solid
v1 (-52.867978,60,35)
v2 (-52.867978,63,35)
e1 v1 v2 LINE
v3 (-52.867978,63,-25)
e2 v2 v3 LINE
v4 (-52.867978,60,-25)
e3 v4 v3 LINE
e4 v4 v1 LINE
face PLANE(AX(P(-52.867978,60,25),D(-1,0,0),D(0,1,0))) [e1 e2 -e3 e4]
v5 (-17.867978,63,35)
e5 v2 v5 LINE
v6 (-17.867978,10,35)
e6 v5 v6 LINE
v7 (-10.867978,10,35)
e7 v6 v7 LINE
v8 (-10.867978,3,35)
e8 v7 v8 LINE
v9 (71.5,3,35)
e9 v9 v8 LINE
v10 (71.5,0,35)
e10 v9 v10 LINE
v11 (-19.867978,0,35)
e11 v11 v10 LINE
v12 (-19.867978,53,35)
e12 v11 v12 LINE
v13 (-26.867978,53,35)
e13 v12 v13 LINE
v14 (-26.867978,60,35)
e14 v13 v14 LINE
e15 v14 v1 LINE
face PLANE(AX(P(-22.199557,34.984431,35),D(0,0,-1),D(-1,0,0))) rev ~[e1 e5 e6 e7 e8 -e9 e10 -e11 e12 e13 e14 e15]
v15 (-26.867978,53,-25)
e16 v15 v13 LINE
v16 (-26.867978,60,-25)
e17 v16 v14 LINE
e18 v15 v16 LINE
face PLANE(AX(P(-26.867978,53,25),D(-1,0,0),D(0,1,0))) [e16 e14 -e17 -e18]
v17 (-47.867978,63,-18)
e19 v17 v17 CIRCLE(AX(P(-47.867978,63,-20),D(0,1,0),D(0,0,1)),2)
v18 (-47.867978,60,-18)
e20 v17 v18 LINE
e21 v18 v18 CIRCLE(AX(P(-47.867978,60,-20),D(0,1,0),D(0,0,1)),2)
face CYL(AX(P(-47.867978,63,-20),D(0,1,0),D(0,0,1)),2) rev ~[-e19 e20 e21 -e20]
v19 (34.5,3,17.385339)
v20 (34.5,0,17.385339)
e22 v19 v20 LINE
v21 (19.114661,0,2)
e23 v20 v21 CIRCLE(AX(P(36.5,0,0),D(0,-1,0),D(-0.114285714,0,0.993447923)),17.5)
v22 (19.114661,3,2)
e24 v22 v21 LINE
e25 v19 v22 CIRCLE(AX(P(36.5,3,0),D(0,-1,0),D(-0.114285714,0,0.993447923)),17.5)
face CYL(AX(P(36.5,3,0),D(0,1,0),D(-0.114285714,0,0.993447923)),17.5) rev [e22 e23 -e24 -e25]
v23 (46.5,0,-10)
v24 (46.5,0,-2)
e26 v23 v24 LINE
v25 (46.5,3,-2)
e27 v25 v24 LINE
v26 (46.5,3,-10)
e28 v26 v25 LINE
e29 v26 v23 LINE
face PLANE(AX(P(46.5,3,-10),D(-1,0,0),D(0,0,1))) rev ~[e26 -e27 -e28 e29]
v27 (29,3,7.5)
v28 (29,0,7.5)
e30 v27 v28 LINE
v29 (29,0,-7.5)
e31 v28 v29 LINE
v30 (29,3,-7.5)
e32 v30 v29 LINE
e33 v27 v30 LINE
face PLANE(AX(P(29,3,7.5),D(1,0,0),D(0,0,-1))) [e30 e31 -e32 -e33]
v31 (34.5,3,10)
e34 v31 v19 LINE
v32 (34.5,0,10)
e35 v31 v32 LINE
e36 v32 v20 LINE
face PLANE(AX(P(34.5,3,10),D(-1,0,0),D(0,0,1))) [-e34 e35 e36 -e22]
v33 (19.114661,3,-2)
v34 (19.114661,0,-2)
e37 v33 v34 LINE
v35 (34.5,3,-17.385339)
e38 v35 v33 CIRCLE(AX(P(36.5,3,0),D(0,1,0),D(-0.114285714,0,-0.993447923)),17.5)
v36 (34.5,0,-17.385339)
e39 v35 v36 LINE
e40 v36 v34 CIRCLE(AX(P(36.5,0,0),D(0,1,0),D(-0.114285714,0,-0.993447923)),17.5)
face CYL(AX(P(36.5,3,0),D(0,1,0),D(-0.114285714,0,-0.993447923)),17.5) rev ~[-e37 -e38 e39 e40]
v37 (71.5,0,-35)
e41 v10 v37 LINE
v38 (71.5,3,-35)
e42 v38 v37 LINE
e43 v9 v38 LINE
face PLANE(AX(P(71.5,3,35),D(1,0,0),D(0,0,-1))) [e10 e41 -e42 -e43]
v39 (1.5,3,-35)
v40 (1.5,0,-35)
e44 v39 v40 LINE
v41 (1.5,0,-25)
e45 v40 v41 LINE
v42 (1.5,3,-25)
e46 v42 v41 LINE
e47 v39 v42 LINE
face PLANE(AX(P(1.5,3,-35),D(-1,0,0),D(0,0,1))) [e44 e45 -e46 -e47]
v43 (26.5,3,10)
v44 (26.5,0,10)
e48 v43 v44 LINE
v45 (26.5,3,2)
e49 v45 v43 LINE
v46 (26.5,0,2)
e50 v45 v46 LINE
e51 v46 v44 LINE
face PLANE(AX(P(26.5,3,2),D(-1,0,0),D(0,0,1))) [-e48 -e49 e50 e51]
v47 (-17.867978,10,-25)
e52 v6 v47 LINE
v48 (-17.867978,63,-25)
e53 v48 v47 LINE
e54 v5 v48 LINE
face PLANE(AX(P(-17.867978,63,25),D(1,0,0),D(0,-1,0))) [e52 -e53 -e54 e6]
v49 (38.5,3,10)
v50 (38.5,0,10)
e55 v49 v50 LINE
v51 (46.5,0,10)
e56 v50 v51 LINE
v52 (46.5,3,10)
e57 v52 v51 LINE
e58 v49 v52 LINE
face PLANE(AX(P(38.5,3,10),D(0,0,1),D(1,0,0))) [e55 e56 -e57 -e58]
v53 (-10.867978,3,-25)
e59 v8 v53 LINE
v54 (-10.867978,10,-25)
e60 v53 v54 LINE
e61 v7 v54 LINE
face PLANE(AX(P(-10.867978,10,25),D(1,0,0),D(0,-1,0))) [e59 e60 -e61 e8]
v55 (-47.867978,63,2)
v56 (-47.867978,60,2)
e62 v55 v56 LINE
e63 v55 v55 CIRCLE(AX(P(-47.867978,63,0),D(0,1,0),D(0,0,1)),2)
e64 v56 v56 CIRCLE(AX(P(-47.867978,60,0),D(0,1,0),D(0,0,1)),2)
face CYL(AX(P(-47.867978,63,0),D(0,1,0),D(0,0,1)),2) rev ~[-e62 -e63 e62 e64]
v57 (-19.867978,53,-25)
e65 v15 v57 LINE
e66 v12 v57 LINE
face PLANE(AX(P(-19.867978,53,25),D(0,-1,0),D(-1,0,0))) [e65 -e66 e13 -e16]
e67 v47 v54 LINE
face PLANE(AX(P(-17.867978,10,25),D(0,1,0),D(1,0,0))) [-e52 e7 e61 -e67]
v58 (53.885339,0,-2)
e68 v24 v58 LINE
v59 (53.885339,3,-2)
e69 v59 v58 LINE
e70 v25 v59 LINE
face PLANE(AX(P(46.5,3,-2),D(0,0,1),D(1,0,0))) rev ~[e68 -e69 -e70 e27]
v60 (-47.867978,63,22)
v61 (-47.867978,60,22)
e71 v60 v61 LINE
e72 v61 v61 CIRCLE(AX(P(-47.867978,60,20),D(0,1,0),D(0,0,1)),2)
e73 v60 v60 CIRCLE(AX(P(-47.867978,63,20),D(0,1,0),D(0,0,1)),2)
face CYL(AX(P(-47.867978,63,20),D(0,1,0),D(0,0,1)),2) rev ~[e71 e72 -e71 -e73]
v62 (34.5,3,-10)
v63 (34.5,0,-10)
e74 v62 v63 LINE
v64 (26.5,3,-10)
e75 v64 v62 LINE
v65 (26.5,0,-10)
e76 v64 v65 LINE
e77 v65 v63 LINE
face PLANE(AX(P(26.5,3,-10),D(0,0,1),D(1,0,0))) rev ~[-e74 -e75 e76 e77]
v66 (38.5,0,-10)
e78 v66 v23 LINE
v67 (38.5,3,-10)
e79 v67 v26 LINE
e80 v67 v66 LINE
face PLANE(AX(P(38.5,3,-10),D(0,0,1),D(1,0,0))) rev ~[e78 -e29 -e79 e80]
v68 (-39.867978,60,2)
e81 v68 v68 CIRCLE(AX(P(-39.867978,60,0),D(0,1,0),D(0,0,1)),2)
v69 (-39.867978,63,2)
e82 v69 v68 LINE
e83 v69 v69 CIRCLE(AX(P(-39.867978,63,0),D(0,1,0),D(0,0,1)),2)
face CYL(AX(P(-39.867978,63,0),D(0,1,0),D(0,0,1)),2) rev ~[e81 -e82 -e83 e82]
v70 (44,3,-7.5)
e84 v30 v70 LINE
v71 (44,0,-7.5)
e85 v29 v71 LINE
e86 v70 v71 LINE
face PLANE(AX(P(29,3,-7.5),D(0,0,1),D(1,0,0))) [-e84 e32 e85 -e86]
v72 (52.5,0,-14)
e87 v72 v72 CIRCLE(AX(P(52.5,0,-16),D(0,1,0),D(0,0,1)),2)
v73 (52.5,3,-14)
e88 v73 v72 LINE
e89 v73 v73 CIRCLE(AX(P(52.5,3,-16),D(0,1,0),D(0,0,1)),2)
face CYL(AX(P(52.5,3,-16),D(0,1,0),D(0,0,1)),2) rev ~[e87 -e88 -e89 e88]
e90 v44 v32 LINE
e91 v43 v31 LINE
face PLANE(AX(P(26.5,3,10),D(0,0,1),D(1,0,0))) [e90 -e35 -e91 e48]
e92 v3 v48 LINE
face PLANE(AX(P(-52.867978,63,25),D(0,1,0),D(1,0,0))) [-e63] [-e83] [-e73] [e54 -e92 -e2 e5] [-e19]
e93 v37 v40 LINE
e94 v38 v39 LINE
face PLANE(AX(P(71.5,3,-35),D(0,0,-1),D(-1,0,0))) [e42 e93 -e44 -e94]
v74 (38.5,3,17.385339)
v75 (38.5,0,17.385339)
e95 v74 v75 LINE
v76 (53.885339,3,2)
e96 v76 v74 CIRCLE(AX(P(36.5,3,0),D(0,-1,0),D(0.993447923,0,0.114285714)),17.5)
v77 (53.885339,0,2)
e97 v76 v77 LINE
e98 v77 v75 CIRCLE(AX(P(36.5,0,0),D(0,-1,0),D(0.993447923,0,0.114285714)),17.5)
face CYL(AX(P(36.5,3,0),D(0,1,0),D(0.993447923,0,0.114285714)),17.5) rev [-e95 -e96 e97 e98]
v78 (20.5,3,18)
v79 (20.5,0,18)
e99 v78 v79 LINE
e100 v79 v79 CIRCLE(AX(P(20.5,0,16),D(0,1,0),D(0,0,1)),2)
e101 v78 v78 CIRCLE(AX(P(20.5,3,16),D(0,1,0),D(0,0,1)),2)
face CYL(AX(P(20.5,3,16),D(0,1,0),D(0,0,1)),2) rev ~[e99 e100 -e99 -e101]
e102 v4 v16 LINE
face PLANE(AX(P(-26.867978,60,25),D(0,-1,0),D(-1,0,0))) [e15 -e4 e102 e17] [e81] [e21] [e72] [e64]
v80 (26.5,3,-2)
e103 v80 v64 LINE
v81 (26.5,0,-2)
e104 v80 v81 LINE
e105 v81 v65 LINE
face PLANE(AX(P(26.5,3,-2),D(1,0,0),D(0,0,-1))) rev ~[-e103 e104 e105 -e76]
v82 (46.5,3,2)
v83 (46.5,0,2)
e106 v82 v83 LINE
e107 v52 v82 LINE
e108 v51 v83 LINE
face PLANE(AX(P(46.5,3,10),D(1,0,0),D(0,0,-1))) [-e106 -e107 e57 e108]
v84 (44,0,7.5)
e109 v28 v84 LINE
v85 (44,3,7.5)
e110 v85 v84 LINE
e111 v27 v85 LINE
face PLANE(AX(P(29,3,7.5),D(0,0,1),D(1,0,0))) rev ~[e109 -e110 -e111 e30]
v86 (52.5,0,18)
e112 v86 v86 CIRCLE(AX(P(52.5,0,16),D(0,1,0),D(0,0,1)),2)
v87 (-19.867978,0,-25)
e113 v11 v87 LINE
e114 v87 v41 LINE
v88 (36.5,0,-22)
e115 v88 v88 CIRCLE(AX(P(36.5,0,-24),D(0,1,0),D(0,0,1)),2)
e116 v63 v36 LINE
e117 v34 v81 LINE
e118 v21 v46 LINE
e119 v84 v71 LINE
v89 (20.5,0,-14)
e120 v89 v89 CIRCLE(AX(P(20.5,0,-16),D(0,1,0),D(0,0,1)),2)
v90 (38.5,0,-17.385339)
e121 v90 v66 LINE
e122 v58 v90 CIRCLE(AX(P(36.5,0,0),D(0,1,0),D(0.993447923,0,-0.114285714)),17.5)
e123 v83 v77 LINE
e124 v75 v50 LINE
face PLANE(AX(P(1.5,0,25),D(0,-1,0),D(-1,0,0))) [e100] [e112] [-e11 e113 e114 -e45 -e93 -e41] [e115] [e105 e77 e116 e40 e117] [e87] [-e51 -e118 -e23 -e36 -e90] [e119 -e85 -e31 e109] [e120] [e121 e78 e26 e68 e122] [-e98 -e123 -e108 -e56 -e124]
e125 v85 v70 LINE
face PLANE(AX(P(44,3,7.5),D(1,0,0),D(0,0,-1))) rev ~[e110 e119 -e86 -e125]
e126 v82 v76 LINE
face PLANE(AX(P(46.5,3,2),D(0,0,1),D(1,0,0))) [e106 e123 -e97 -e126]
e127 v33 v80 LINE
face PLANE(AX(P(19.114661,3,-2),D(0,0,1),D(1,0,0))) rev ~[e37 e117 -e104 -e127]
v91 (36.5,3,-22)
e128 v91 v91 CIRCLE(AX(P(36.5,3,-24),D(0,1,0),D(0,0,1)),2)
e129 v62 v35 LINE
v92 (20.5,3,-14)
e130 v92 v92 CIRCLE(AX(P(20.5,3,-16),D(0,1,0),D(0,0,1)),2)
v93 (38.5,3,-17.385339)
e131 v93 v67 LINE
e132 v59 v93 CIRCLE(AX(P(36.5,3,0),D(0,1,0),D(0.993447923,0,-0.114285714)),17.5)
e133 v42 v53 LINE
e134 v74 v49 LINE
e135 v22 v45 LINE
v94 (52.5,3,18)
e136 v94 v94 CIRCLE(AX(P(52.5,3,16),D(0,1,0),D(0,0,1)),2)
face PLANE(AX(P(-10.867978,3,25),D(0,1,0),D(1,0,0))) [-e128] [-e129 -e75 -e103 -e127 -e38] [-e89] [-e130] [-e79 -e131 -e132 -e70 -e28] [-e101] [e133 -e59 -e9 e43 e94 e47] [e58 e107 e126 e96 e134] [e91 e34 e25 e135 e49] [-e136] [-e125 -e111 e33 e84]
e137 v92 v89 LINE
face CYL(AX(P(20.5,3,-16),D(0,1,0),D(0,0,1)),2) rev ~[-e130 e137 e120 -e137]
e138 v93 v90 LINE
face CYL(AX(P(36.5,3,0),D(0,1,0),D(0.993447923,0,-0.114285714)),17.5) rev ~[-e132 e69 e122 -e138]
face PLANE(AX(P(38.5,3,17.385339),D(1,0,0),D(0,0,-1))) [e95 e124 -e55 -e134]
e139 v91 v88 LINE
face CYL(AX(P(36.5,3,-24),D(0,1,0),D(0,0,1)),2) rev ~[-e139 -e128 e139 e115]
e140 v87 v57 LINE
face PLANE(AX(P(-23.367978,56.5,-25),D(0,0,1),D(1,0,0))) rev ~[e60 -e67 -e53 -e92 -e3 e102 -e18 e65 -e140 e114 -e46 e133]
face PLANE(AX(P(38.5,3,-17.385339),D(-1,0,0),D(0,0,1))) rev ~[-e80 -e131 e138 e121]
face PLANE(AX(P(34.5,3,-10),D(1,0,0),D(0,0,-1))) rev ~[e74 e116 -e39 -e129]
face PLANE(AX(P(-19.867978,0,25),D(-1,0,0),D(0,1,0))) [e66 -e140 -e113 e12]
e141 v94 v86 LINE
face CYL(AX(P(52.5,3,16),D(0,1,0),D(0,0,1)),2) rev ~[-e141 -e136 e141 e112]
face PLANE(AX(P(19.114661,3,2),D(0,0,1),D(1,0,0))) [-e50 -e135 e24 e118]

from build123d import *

# Parameters (mm, degrees)
IZIM1_W                     = 75
IZIM1_H                     = 50
Y_KSEKLIK_EKSTR_ZYON1_DEPTH = 3
IZIM8_W                     = 19.632022489
IZIM8_H                     = 50
KES_EKSTR_ZYON4_DEPTH       = 3
IZIM9_W                     = 2
IZIM9_H                     = 50
Y_KSEKLIK_EKSTR_ZYON2_DEPTH = 60
IZIM10_W                    = 35
IZIM10_H                    = 50
Y_KSEKLIK_EKSTR_ZYON3_DEPTH = 3
IZIM12_R                    = 2
KES_EKSTR_ZYON5_DEPTH       = 3
IZIM13_W                    = 20
IZIM13_H                    = 50
Y_KSEKLIK_EKSTR_ZYON4_DEPTH = 3
IZIM14_R                    = 2
KES_EKSTR_ZYON6_DEPTH       = 3
IZIM15_W                    = 15
IZIM15_H                    = 15
KES_EKSTR_ZYON7_DEPTH       = 3
KES_EKSTR_ZYON8_DEPTH       = 3
IZIM17_W                    = 5
IZIM17_H                    = 50
Y_KSEKLIK_EKSTR_ZYON5_DEPTH = 3
Y_KSEKLIK_EKSTR_ZYON6_DEPTH = 3
IZIM19_R                    = 2
KES_EKSTR_ZYON9_DEPTH       = 3
IZIM20_W                    = 7
IZIM20_H                    = 7
Y_KSEKLIK_EKSTR_ZYON7_DEPTH = 50
Y_KSEKLIK_EKSTR_ZYON8_DEPTH = 10


with BuildPart() as part:
    # Çizim1 → Yükseklik-Ekstrüzyon1 (new body)
    with BuildSketch(Plane(origin=(0, 0, 0), x_dir=(1, 0, 0), z_dir=(0, 1, 0))):
        Rectangle(IZIM1_W, IZIM1_H)
    extrude(amount=Y_KSEKLIK_EKSTR_ZYON1_DEPTH)

    # Çizim8 → Kes-Ekstrüzyon4 (cut)
    with BuildSketch(Plane(origin=(0, 3, 0), x_dir=(1, 0, 0), z_dir=(0, 1, 0))):
        with Locations((-27.683988755, 0)):
            Rectangle(IZIM8_W, IZIM8_H)
    extrude(amount=-KES_EKSTR_ZYON4_DEPTH, mode=Mode.SUBTRACT)

    # Çizim9 → Yükseklik-Ekstrüzyon2 (add)
    with BuildSketch(Plane(origin=(0, 0, 0), x_dir=(1, 0, 0), z_dir=(0, 1, 0))):
        with Locations((-18.867977511, 0)):
            Rectangle(IZIM9_W, IZIM9_H)
    extrude(amount=Y_KSEKLIK_EKSTR_ZYON2_DEPTH)

    # Çizim10 → Yükseklik-Ekstrüzyon3 (add)
    with BuildSketch(Plane(origin=(0, 60, 0), x_dir=(1, 0, 0), z_dir=(0, 1, 0))):
        with Locations((-35.367977511, 0)):
            Rectangle(IZIM10_W, IZIM10_H)
    extrude(amount=Y_KSEKLIK_EKSTR_ZYON3_DEPTH)

    # Çizim12 → Kes-Ekstrüzyon5 (cut)
    with BuildSketch(Plane(origin=(0, 63, 0), x_dir=(1, 0, 0), z_dir=(0, 1, 0))):
        with Locations(Location((-39.867977511, 0, 0), (0, 0, 270))):
            Circle(IZIM12_R)
        with Locations(Location((-47.867977511, 0, 0), (0, 0, 270))):
            Circle(IZIM12_R)
        with Locations(Location((-47.867977511, 20, 0), (0, 0, 270))):
            Circle(IZIM12_R)
        with Locations(Location((-47.867977511, -20, 0), (0, 0, 270))):
            Circle(IZIM12_R)
    extrude(amount=-KES_EKSTR_ZYON5_DEPTH, mode=Mode.SUBTRACT)

    # Çizim13 → Yükseklik-Ekstrüzyon4 (add)
    with BuildSketch(Plane(origin=(0, 3, 0), x_dir=(1, 0, 0), z_dir=(0, 1, 0))):
        with Locations((47.5, 0)):
            Rectangle(IZIM13_W, IZIM13_H)
    extrude(amount=-Y_KSEKLIK_EKSTR_ZYON4_DEPTH)

    # Çizim14 → Kes-Ekstrüzyon6 (cut)
    with BuildSketch(Plane(origin=(0, 3, 0), x_dir=(1, 0, 0), z_dir=(0, 1, 0))):
        with Locations(Location((20.5, 16, 0), (0, 0, 270))):
            Circle(IZIM14_R)
        with Locations(Location((52.5, 16, 0), (0, 0, 270))):
            Circle(IZIM14_R)
        with Locations(Location((20.5, -16, 0), (0, 0, 270))):
            Circle(IZIM14_R)
        with Locations(Location((52.5, -16, 0), (0, 0, 270))):
            Circle(IZIM14_R)
    extrude(amount=-KES_EKSTR_ZYON6_DEPTH, mode=Mode.SUBTRACT)

    # Çizim15 → Kes-Ekstrüzyon7 (cut)
    with BuildSketch(Plane(origin=(0, 3, 0), x_dir=(1, 0, 0), z_dir=(0, 1, 0))):
        with Locations((36.5, 0)):
            Rectangle(IZIM15_W, IZIM15_H)
    extrude(amount=-KES_EKSTR_ZYON7_DEPTH, mode=Mode.SUBTRACT)

    # Çizim16 → Kes-Ekstrüzyon8 (cut)
    with BuildSketch(Plane(origin=(0, 3, 0), x_dir=(1, 0, 0), z_dir=(0, 1, 0))):
        with BuildLine():
            Line((46.5, 2), (53.885338651, 2))
            ThreePointArc((53.885338651, 2), (48.874368671, 12.374368671), (38.5, 17.385338651))
            Line((38.5, 17.385338651), (38.5, 10))
            Line((38.5, 10), (46.5, 10))
            Line((46.5, 10), (46.5, 2))
        make_face()
        with BuildLine():
            Line((26.5, 10), (34.5, 10))
            Line((34.5, 10), (34.5, 17.385338651))
            ThreePointArc((34.5, 17.385338651), (24.125631329, 12.374368671), (19.114661349, 2))
            Line((19.114661349, 2), (26.5, 2))
            Line((26.5, 2), (26.5, 10))
        make_face()
        with BuildLine():
            Line((26.5, -10), (34.5, -10))
            Line((34.5, -10), (34.5, -17.385338651))
            ThreePointArc((34.5, -17.385338651), (24.125631329, -12.374368671), (19.114661349, -2))
            Line((19.114661349, -2), (26.5, -2))
            Line((26.5, -2), (26.5, -10))
        make_face()
        with BuildLine():
            Line((46.5, -2), (53.885338651, -2))
            ThreePointArc((53.885338651, -2), (48.874368671, -12.374368671), (38.5, -17.385338651))
            Line((38.5, -17.385338651), (38.5, -10))
            Line((38.5, -10), (46.5, -10))
            Line((46.5, -10), (46.5, -2))
        make_face()
    extrude(amount=-KES_EKSTR_ZYON8_DEPTH, mode=Mode.SUBTRACT)

    # Çizim17 → Yükseklik-Ekstrüzyon5 (add)
    with BuildSketch(Plane(origin=(0, 3, 0), x_dir=(1, 0, 0), z_dir=(0, 1, 0))):
        with Locations((60, 0)):
            Rectangle(IZIM17_W, IZIM17_H)
    extrude(amount=-Y_KSEKLIK_EKSTR_ZYON5_DEPTH)

    # Çizim18 → Yükseklik-Ekstrüzyon6 (add)
    with BuildSketch(Plane(origin=(0, 3, 0), x_dir=(1, 0, 0), z_dir=(0, 1, 0))):
        Polygon((1.5, 25), (62.5, 25), (62.5, -25), (1.5, -25), (1.5, -35), (71.5, -35), (71.5, 35), (1.5, 35), align=None)
    extrude(amount=-Y_KSEKLIK_EKSTR_ZYON6_DEPTH)

    # Çizim19 → Kes-Ekstrüzyon9 (cut)
    with BuildSketch(Plane(origin=(0, 3, 0), x_dir=(1, 0, 0), z_dir=(0, 1, 0))):
        with Locations(Location((36.5, 24, 0), (0, 0, 270))):
            Circle(IZIM19_R)
    extrude(amount=-KES_EKSTR_ZYON9_DEPTH, mode=Mode.SUBTRACT)

    # Çizim20 → Yükseklik-Ekstrüzyon7 (add)
    with BuildSketch(Plane.XY.offset(25)):
        with Locations((-23.367977511, 56.5)):
            Rectangle(IZIM20_W, IZIM20_H)
        with Locations((-14.367977511, 6.5)):
            Rectangle(IZIM20_W, IZIM20_H)
    extrude(amount=-Y_KSEKLIK_EKSTR_ZYON7_DEPTH)

    # Çizim21 → Yükseklik-Ekstrüzyon8 (add)
    with BuildSketch(Plane.XY.offset(25)):
        Polygon((-52.867977511, 60), (-52.867977511, 63), (-17.867977511, 63), (-17.867977511, 10), (-10.867977511, 10), (-10.867977511, 3), (1.5, 3), (1.5, 0), (-19.867977511, 0), (-19.867977511, 53), (-26.867977511, 53), (-26.867977511, 60), align=None)
    extrude(amount=Y_KSEKLIK_EKSTR_ZYON8_DEPTH)


solid = part.part
